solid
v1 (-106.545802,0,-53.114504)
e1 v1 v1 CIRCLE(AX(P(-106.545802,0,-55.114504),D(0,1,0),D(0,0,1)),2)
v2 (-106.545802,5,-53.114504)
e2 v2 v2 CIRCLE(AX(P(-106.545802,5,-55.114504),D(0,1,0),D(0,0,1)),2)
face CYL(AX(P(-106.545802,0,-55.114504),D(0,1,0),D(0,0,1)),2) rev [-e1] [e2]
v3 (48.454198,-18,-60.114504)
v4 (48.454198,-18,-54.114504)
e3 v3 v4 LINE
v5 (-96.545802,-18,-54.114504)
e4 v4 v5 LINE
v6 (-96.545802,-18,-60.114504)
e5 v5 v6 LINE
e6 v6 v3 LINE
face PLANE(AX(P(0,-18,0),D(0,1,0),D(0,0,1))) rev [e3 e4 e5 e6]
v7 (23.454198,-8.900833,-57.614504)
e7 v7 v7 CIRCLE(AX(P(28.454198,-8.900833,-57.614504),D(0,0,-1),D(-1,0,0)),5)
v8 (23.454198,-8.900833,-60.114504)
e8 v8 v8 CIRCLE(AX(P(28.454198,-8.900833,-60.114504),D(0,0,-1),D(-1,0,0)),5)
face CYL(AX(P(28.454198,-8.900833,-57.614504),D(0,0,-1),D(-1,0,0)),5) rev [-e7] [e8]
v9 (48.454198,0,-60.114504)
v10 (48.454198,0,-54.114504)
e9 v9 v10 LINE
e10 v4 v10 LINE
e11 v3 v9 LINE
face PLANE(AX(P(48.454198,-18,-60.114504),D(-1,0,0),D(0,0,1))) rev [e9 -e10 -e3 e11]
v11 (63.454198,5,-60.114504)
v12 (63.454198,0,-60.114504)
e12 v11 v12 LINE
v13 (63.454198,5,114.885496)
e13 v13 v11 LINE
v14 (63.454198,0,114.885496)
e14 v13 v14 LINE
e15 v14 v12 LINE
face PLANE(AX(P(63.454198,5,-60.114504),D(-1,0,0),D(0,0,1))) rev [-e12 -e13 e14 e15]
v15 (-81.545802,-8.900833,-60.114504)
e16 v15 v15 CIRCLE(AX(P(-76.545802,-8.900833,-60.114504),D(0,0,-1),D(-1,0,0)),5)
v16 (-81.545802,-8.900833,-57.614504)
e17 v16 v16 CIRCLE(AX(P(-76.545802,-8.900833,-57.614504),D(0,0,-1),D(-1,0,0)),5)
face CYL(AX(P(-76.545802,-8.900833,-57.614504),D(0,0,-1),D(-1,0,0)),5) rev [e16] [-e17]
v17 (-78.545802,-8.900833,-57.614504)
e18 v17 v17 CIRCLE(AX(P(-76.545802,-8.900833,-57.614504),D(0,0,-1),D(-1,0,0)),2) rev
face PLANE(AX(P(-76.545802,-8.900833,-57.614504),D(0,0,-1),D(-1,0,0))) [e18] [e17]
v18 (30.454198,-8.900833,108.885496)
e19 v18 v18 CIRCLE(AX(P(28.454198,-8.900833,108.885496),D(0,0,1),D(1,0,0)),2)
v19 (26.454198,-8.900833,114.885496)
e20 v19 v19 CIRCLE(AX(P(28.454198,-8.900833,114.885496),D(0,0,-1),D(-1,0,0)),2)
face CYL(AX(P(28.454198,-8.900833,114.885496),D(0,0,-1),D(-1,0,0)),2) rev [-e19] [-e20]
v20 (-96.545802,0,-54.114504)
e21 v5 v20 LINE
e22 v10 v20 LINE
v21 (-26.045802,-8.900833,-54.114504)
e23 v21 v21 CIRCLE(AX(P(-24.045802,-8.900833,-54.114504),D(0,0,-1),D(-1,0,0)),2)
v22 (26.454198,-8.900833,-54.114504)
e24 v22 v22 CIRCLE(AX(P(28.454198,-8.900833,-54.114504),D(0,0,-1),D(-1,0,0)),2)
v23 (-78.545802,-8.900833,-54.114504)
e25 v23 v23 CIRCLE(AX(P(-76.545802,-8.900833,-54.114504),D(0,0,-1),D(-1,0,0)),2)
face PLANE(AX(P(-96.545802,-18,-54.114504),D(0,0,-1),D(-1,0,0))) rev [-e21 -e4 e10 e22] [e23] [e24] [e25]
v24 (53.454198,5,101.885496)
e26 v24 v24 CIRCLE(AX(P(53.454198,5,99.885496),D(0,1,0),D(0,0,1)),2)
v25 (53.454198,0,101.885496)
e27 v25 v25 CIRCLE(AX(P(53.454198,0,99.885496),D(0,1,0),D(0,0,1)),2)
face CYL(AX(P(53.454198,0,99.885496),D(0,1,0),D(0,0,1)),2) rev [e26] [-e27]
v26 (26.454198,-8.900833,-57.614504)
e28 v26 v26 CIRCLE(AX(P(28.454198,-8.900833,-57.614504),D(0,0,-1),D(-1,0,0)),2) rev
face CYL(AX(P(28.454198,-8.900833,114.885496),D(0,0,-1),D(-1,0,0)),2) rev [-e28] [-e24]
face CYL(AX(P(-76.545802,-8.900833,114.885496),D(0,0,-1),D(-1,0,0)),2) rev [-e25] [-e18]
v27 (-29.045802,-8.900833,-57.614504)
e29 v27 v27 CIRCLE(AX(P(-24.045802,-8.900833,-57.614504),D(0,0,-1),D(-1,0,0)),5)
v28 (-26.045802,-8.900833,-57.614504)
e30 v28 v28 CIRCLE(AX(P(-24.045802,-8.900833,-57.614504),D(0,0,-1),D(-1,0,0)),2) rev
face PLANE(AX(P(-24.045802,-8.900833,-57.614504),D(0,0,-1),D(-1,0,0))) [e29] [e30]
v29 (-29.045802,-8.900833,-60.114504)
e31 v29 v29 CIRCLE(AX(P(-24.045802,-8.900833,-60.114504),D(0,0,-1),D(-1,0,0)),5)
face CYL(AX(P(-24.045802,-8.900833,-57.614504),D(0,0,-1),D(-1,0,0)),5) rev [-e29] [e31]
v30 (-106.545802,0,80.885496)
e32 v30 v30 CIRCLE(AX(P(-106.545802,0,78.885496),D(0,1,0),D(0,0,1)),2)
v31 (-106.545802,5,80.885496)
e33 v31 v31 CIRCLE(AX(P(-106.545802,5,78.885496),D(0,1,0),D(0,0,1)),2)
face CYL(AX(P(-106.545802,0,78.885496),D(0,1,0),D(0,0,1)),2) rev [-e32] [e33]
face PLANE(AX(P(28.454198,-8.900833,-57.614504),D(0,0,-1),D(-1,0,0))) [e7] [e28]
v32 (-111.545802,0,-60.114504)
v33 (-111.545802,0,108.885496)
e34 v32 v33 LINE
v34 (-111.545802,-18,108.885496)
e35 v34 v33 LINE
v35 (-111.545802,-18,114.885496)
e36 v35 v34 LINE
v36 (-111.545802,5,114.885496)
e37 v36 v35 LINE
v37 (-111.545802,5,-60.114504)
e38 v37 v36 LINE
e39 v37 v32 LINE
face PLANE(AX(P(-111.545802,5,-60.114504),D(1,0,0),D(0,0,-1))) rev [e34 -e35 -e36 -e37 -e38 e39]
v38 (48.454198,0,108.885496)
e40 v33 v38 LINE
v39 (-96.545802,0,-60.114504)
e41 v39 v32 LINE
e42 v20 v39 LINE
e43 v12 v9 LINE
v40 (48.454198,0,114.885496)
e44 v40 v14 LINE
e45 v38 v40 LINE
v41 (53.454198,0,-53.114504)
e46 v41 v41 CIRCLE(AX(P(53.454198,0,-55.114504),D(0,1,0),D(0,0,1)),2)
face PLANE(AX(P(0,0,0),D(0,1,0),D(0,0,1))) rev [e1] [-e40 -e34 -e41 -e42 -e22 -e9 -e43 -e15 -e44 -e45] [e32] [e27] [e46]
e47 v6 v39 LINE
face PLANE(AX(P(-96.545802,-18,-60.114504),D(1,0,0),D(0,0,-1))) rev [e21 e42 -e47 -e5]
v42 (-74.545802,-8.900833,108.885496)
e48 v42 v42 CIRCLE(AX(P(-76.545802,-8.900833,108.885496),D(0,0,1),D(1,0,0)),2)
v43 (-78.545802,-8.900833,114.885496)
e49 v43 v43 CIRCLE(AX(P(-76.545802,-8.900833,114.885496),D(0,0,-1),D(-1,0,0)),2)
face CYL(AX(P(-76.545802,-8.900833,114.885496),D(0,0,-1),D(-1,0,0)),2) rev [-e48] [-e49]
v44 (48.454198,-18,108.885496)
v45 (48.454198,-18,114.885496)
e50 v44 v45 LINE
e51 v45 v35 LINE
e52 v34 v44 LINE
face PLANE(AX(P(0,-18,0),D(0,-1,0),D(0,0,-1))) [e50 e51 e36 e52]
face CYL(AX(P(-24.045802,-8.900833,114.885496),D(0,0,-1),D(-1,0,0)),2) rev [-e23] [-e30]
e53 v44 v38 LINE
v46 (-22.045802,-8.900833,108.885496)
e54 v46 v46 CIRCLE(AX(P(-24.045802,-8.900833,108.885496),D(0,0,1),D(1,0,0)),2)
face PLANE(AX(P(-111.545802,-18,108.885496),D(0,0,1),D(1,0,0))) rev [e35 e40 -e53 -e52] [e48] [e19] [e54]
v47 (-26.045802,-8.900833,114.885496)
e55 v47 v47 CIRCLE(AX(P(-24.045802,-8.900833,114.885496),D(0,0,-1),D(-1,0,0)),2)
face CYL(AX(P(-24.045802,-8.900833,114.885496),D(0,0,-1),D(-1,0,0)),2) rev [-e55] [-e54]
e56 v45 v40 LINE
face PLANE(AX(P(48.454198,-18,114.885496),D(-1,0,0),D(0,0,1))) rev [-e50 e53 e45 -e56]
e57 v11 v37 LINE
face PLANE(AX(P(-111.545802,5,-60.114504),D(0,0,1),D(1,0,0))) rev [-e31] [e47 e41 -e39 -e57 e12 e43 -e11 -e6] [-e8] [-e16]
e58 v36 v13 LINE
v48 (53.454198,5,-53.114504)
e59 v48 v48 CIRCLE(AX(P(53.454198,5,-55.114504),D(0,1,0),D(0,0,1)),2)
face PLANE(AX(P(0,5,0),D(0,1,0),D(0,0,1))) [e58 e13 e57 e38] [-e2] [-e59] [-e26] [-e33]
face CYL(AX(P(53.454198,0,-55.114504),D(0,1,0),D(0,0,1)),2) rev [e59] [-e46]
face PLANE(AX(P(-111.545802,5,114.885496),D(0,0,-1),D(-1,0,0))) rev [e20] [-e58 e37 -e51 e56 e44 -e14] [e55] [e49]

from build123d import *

# Parameters (mm, degrees)
SKETCH1_W               = 175
SKETCH1_H               = 175
BOSS_EXTRUDE1_DEPTH     = 5
SKETCH2_R               = 2
CUT_EXTRUDE1_DEPTH      = 5
SKETCH3_W               = 160
SKETCH3_H               = 6
SKETCH3_W_2             = 145
BOSS_EXTRUDE3_DEPTH     = 18
SKETCH4_R               = 2
CUT_EXTRUDE2_DEPTH      = 1
CUT_EXTRUDE2_DEPTH_BACK = 176
SKETCH5_R               = 5
CUT_EXTRUDE3_DEPTH      = 2.5


with BuildPart() as part:
    # Sketch1 → Boss-Extrude1 (new body)
    with BuildSketch(Plane(origin=(0, 0, 0), x_dir=(1, 0, 0), z_dir=(0, 1, 0))):
        with Locations((-24.045801527, -27.385496183)):
            Rectangle(SKETCH1_W, SKETCH1_H)
    extrude(amount=BOSS_EXTRUDE1_DEPTH)

    # Sketch2 → Cut-Extrude1 (cut)
    with BuildSketch(Plane(origin=(0, 5, 0), x_dir=(1, 0, 0), z_dir=(0, 1, 0))):
        with Locations((-106.545801527, 55.114503817)):
            Circle(SKETCH2_R)
        with Locations((53.454198473, 55.114503817)):
            Circle(SKETCH2_R)
        with Locations((53.454198473, -99.885496183)):
            Circle(SKETCH2_R)
        with Locations((-106.545801527, -78.885496183)):
            Circle(SKETCH2_R)
    extrude(amount=-CUT_EXTRUDE1_DEPTH, mode=Mode.SUBTRACT)

    # Sketch3 → Boss-Extrude3 (add)
    with BuildSketch(Plane.XZ):
        with Locations((-31.545801527, 111.885496183)):
            Rectangle(SKETCH3_W, SKETCH3_H)
        with Locations((-24.045801527, -57.114503817)):
            Rectangle(SKETCH3_W_2, SKETCH3_H)
    extrude(amount=BOSS_EXTRUDE3_DEPTH)

    # Sketch4 → Cut-Extrude2 (cut, two sides)
    with BuildSketch(Plane(origin=(0, 0, -60.114503817), x_dir=(-1, 0, 0), z_dir=(0, 0, -1))) as cut_extrude2_sk:
        with Locations((-28.454198473, -8.900832872)):
            Circle(SKETCH4_R)
        with Locations((24.045801527, -8.900832872)):
            Circle(SKETCH4_R)
        with Locations((76.545801527, -8.900832872)):
            Circle(SKETCH4_R)
    extrude(amount=CUT_EXTRUDE2_DEPTH, mode=Mode.SUBTRACT)
    extrude(cut_extrude2_sk.sketch, amount=-CUT_EXTRUDE2_DEPTH_BACK, mode=Mode.SUBTRACT)

    # Sketch5 → Cut-Extrude3 (cut)
    with BuildSketch(Plane(origin=(0, 0, -60.114503817), x_dir=(-1, 0, 0), z_dir=(0, 0, -1))):
        with Locations((-28.454198473, -8.900832872)):
            Circle(SKETCH5_R)
        with Locations((24.045801527, -8.900832872)):
            Circle(SKETCH5_R)
        with Locations((76.545801527, -8.900832872)):
            Circle(SKETCH5_R)
    extrude(amount=-CUT_EXTRUDE3_DEPTH, mode=Mode.SUBTRACT)


solid = part.part
